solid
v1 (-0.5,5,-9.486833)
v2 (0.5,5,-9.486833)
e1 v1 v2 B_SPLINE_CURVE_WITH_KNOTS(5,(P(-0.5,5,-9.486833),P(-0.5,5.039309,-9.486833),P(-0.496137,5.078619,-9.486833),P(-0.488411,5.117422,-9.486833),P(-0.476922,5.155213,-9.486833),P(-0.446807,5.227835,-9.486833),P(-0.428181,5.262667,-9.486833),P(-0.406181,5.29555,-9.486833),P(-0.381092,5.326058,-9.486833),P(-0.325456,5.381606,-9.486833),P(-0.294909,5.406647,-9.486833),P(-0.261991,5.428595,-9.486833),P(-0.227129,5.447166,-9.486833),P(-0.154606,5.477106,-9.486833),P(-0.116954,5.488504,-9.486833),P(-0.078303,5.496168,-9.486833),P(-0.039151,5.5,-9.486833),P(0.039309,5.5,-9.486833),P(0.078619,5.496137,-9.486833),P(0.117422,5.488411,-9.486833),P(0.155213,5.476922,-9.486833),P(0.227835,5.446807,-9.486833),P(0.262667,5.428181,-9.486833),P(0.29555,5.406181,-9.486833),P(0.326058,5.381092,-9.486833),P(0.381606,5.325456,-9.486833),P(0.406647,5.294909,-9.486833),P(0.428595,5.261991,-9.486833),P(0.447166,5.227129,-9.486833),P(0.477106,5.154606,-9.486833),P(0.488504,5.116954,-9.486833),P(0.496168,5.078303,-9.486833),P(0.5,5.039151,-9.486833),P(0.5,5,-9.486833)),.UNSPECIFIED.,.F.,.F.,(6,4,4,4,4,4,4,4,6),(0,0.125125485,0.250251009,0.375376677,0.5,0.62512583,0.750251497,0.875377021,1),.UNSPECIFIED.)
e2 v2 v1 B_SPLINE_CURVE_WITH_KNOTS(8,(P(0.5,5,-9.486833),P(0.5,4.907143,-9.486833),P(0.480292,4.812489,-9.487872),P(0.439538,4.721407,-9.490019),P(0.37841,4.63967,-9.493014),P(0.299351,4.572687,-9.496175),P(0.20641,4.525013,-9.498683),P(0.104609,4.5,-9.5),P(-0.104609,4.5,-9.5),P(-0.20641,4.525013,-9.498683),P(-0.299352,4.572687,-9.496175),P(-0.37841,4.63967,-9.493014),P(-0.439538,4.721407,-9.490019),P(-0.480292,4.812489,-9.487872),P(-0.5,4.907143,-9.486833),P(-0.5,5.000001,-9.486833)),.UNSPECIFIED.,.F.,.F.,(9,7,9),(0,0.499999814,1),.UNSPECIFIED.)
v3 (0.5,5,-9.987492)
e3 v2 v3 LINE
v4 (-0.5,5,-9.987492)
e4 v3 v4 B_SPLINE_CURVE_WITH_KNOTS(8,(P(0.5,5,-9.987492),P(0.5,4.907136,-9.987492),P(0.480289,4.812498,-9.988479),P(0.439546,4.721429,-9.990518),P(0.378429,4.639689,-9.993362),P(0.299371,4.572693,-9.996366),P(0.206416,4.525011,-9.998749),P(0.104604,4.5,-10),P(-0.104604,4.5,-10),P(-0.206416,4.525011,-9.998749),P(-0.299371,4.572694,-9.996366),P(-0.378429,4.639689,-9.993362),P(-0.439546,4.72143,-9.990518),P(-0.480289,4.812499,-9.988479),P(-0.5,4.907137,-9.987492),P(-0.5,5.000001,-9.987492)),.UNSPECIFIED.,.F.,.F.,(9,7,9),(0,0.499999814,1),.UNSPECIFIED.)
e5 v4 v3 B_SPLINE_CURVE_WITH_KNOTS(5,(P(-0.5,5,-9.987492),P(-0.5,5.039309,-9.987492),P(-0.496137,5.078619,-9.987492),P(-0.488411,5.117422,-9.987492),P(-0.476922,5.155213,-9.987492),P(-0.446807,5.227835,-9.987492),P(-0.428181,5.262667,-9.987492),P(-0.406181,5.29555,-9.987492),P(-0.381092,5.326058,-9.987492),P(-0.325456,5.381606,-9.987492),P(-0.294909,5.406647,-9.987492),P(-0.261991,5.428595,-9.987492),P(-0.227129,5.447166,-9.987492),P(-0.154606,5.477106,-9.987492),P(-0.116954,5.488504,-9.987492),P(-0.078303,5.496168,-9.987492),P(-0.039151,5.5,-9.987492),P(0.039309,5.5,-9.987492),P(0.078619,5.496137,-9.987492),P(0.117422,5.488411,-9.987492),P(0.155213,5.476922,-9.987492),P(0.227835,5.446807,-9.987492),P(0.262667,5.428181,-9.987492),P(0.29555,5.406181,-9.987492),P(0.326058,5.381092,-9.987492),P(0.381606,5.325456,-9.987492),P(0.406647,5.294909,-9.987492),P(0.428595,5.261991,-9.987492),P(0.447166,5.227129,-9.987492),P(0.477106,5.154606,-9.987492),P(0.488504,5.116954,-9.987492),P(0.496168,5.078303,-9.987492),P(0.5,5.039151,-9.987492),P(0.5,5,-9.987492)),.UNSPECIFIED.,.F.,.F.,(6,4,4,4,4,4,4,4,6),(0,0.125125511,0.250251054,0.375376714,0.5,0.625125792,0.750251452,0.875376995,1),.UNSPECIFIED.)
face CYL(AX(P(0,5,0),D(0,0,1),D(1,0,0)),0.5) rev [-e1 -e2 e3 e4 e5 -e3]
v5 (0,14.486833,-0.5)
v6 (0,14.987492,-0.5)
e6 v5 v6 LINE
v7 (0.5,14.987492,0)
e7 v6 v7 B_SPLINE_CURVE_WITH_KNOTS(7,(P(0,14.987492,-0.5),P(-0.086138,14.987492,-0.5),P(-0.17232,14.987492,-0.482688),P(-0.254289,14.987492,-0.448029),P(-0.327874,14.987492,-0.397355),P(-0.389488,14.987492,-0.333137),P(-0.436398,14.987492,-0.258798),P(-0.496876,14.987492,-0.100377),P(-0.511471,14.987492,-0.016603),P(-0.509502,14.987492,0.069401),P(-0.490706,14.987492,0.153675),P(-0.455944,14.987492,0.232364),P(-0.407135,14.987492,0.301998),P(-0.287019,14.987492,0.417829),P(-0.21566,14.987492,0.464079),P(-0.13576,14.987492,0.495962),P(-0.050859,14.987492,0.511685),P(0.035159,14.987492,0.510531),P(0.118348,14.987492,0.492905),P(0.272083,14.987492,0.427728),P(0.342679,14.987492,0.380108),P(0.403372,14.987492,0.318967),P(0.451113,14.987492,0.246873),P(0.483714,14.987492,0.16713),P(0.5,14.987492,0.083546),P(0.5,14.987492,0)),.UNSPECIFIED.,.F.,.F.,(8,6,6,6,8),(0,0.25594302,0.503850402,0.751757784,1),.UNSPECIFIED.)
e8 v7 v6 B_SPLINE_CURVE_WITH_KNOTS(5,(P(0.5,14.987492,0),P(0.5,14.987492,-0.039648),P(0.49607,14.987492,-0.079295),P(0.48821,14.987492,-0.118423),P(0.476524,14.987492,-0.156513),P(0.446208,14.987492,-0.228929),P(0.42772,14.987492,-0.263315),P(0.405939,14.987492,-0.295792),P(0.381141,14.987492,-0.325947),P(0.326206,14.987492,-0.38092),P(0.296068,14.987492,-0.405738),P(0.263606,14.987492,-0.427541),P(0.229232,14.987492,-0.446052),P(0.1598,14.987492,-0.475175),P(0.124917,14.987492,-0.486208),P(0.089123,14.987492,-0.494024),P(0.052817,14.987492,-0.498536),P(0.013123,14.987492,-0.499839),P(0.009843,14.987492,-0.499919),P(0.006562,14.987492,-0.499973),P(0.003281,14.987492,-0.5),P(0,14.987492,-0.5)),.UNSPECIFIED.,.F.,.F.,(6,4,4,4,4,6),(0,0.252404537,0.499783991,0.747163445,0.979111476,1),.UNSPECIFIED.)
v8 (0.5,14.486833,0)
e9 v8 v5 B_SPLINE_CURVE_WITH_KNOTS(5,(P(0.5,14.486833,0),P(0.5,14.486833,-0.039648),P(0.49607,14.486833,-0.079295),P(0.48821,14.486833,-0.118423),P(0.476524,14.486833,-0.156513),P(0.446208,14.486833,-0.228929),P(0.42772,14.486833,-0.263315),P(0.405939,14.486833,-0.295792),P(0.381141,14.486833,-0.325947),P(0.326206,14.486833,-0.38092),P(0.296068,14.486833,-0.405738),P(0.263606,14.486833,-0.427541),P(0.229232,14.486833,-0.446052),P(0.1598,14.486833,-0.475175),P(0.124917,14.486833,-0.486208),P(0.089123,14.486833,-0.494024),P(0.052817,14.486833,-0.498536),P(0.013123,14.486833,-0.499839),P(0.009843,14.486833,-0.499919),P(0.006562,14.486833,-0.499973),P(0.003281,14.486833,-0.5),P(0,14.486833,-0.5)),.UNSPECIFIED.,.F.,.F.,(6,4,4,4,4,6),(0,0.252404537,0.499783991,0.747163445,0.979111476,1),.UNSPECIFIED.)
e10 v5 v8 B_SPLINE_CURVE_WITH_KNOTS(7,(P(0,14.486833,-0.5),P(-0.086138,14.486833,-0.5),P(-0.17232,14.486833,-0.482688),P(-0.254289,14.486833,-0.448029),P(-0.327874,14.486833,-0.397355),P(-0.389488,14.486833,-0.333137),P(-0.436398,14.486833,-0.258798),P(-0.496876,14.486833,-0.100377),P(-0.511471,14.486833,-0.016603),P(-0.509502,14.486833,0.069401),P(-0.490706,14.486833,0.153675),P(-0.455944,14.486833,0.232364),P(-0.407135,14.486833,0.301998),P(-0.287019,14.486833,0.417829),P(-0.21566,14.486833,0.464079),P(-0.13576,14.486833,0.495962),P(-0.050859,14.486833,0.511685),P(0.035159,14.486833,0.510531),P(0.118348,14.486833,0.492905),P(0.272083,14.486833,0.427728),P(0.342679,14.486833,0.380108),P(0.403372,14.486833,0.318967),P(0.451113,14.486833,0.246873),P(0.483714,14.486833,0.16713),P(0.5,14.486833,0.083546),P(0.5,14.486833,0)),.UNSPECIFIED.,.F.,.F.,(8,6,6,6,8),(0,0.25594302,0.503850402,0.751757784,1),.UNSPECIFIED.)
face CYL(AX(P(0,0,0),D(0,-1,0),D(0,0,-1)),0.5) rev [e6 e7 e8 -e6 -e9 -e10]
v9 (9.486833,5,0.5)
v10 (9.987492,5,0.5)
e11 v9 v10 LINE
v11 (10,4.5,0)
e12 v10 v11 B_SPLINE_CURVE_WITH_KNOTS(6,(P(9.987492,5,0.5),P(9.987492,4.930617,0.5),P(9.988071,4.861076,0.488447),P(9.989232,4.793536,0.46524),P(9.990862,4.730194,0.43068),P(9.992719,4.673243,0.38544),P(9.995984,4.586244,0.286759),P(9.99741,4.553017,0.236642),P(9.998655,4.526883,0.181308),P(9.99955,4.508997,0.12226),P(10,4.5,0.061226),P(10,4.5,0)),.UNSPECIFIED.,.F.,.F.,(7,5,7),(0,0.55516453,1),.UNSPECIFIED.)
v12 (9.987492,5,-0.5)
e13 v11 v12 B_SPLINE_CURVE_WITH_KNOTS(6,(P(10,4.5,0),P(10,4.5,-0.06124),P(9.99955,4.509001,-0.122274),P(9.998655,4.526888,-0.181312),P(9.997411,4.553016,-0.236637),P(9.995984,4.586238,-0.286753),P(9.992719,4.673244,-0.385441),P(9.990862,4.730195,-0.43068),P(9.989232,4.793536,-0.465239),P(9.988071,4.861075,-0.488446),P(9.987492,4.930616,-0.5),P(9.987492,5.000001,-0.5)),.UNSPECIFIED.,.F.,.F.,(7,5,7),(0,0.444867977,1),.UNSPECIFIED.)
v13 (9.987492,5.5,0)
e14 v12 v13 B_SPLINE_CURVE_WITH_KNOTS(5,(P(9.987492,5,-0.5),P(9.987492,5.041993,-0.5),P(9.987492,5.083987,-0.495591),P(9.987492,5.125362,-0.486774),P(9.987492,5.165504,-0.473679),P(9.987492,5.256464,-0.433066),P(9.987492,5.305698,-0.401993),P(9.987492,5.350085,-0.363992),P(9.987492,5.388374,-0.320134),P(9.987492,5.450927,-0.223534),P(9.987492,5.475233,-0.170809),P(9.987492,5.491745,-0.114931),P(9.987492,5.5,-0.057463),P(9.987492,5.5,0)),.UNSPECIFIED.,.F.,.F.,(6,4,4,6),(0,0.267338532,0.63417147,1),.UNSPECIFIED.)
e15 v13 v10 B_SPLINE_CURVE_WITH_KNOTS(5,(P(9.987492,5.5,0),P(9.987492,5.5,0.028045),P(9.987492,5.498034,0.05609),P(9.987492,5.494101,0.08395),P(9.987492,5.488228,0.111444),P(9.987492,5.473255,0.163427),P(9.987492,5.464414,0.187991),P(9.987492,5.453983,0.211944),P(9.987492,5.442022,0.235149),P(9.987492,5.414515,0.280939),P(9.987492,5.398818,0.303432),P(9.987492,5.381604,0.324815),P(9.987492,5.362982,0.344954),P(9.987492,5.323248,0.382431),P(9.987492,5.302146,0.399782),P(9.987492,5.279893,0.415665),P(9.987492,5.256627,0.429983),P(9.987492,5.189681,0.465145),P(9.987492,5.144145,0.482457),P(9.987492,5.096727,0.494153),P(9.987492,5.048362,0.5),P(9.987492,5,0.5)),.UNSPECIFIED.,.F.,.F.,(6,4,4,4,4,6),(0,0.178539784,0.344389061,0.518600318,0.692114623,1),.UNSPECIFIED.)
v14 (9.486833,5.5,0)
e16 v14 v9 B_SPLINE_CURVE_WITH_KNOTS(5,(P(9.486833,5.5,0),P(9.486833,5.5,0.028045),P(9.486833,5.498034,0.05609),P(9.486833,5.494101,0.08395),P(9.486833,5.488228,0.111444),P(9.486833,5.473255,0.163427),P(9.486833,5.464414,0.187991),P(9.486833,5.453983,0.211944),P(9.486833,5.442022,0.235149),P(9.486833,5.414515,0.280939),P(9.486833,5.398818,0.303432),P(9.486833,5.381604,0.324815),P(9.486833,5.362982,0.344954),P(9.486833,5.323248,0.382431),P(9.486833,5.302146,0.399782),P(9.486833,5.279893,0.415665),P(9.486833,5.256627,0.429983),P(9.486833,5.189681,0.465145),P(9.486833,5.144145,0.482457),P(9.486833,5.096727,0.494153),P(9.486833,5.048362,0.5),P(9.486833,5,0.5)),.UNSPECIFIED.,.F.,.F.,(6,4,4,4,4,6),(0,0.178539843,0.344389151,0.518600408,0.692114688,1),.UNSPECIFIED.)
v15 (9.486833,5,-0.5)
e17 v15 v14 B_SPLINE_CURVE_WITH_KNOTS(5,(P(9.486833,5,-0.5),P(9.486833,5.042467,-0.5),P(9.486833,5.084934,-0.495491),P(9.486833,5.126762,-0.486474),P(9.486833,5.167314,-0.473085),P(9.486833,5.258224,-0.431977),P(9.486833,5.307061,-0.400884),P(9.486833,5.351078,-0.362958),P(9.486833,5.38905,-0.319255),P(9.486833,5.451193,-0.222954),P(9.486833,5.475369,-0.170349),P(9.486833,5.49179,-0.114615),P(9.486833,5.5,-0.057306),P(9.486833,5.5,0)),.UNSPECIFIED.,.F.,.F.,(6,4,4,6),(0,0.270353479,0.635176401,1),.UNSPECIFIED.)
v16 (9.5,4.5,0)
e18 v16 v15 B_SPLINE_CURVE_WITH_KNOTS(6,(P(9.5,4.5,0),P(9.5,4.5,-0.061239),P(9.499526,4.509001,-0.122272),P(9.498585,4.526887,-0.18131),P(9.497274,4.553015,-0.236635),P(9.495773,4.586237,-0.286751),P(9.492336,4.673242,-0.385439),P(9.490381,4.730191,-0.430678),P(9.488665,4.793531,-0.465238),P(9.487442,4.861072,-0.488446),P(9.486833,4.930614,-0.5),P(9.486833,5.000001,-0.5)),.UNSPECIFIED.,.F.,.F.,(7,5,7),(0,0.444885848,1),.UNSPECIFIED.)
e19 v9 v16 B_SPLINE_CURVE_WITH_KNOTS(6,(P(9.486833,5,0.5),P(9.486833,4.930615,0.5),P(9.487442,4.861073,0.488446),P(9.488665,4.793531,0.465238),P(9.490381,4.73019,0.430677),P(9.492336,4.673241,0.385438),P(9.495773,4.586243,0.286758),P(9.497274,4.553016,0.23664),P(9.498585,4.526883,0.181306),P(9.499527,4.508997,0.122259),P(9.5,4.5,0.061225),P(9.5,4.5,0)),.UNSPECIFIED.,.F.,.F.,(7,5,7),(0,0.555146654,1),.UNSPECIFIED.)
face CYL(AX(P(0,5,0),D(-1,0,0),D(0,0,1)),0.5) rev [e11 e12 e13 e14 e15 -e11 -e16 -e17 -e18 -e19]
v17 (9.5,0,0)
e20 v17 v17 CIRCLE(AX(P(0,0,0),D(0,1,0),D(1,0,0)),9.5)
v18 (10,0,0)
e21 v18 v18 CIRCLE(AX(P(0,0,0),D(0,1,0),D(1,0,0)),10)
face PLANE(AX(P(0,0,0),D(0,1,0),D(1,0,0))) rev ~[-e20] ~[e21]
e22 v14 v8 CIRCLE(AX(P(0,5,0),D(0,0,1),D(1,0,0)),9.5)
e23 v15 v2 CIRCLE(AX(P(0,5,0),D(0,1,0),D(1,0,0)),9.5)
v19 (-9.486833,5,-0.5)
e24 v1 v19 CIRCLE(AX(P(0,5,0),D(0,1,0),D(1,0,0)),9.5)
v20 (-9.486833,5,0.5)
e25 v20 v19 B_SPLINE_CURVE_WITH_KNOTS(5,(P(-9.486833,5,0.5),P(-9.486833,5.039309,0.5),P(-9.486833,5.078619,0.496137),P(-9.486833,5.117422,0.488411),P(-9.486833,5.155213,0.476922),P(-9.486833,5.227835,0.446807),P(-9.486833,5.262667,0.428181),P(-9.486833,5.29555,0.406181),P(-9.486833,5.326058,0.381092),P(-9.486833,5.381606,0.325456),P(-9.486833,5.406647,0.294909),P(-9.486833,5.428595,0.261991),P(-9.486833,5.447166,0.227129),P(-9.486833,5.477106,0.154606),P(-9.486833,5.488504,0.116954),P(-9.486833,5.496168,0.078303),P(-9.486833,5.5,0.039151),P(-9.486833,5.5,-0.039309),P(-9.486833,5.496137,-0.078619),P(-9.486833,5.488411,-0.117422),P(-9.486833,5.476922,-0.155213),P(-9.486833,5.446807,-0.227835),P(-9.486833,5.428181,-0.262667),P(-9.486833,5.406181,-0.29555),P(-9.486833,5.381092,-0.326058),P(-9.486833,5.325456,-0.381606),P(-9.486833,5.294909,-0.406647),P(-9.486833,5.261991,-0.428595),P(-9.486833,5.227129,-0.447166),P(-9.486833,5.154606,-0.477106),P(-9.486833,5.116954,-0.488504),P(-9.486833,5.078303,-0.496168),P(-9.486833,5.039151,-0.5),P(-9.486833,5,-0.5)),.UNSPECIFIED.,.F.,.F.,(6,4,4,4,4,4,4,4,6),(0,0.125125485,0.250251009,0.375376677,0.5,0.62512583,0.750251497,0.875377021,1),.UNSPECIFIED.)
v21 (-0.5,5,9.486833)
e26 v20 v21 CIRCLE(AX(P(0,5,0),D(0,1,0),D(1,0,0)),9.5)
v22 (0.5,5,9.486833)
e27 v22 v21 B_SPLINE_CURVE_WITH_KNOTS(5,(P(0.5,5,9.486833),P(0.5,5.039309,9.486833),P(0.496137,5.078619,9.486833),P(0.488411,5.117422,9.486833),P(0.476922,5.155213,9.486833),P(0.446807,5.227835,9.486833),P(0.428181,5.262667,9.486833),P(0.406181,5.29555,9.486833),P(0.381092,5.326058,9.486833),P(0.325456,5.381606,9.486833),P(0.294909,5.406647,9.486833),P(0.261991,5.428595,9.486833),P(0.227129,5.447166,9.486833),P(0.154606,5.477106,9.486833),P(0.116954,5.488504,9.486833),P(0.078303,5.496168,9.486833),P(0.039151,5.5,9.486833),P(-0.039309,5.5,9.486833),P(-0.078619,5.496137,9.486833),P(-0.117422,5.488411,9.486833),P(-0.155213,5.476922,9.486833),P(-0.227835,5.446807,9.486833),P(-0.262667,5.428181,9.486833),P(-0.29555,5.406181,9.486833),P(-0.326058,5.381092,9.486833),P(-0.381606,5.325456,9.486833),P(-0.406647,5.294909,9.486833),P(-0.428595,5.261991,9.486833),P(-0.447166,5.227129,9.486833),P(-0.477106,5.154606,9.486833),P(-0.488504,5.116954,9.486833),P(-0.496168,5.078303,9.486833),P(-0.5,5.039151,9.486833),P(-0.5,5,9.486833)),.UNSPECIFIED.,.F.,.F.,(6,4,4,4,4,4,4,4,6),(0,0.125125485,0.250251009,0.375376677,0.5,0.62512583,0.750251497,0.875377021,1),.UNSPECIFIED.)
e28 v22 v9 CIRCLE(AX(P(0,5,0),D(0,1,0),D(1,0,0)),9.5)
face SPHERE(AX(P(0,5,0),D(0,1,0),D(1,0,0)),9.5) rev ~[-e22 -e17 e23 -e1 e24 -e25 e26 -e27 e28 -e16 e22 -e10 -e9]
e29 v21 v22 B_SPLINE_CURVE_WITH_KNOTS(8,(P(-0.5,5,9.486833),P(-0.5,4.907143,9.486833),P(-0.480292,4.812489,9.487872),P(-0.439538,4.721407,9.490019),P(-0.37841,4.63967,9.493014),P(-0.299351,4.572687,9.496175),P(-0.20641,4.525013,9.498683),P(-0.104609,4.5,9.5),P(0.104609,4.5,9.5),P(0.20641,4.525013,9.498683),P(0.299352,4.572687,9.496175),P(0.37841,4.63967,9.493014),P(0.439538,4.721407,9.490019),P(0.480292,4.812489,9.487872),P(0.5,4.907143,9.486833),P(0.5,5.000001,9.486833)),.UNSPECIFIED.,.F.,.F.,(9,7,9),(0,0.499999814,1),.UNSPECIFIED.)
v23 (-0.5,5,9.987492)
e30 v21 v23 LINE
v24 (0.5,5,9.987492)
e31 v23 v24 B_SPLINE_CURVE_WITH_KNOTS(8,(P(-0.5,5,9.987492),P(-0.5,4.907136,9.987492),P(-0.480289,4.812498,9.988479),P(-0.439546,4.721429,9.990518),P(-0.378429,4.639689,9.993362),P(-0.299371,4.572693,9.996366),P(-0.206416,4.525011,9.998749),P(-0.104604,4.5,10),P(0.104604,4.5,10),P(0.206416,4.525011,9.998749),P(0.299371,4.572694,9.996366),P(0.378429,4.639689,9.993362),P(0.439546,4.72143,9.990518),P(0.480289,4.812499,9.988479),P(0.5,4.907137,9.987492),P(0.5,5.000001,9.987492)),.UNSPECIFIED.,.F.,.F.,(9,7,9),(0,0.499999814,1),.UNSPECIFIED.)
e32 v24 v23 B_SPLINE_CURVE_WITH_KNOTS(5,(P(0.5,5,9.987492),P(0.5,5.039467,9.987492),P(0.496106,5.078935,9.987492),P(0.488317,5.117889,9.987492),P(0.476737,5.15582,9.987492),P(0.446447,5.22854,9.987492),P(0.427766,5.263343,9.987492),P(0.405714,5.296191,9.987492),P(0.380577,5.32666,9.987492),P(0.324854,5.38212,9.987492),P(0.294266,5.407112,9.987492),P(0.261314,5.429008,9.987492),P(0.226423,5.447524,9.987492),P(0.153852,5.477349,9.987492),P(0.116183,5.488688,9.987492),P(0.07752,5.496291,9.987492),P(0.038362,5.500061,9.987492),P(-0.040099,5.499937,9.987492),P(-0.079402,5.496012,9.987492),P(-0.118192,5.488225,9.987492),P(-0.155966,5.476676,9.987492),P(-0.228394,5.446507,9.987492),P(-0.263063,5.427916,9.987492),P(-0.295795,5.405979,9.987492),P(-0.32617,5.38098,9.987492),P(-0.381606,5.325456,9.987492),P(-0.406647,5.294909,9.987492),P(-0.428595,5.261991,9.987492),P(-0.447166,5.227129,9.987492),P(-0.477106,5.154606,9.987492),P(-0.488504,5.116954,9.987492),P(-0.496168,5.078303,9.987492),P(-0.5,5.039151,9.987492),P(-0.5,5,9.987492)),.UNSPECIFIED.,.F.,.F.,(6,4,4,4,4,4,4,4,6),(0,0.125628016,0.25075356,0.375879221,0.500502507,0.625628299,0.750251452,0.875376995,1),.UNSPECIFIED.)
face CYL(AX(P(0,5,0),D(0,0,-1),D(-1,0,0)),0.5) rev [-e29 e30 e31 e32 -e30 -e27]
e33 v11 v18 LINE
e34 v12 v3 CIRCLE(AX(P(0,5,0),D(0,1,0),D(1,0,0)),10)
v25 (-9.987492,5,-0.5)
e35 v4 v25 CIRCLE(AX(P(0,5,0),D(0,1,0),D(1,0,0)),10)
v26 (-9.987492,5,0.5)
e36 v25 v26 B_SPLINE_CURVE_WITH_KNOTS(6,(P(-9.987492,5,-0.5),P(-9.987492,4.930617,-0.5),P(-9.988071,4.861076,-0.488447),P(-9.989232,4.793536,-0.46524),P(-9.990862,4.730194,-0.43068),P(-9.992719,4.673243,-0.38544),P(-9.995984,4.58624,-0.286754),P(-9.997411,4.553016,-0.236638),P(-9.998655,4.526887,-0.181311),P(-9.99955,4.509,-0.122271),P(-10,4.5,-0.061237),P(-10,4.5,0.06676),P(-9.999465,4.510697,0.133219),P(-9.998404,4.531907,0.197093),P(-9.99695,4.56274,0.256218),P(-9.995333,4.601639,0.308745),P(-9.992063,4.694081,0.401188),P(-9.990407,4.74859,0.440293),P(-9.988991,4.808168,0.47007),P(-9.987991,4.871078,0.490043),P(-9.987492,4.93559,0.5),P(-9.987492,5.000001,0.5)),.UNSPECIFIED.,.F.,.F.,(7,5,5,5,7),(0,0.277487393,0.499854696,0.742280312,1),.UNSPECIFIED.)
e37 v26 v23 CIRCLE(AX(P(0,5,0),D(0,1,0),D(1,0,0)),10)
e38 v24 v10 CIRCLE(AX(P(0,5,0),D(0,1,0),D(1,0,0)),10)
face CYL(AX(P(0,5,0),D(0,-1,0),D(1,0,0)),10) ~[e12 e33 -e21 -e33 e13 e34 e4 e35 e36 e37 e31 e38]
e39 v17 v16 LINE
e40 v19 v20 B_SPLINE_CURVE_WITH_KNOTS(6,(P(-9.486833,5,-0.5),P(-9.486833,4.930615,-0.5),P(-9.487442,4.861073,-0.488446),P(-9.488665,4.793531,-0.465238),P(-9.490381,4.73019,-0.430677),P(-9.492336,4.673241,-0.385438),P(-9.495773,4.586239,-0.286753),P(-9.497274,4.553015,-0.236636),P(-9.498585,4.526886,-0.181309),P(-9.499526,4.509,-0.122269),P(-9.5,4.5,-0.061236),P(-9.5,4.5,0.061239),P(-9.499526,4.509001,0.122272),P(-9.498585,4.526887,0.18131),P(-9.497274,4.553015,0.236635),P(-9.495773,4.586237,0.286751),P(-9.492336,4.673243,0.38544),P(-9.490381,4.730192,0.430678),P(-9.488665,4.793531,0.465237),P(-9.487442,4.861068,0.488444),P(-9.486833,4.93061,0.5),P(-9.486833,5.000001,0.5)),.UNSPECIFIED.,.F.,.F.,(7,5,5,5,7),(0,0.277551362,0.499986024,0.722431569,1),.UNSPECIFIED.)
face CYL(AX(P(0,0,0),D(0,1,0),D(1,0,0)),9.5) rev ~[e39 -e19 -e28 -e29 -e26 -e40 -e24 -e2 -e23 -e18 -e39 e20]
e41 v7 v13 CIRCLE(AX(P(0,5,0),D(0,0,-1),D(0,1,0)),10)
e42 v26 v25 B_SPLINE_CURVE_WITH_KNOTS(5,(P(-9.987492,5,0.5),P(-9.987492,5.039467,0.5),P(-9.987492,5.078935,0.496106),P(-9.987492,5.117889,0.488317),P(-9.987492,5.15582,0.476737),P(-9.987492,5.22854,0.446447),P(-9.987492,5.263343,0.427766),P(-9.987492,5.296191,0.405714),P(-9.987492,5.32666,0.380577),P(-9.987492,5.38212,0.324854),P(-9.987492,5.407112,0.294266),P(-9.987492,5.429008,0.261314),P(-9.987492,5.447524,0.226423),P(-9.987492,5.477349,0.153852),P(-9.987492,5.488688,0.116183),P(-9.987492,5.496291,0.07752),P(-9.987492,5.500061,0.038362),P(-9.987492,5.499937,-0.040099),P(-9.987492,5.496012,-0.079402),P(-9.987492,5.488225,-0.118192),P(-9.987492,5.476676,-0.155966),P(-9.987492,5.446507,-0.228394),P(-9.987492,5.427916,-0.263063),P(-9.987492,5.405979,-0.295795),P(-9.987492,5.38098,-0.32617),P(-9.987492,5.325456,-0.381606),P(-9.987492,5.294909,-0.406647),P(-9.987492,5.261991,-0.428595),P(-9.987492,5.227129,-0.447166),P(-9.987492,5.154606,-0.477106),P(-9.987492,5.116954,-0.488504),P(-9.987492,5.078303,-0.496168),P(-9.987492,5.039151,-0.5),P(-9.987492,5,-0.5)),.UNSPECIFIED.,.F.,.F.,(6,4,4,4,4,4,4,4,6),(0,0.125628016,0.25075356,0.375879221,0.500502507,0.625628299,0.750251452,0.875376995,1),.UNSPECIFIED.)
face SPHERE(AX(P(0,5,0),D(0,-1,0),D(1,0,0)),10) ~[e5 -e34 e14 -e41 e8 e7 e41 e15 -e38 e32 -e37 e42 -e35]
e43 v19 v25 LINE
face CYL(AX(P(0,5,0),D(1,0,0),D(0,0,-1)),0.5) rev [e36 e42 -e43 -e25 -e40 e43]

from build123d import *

# Parameters (mm, degrees)
SKETCH5_R          = 0.5
CUT_EXTRUDE1_DEPTH = 21.615528128
CIRPATTERN1_COUNT  = 4
SKETCH6_R          = 0.5
CUT_EXTRUDE2_DEPTH = 21.615528225


with BuildPart() as part:
    # Sketch1 → Revolve2 (revolve)
    with BuildSketch(Plane.XY):
        with BuildLine():
            Line((10, 5), (10, 0))
            Line((10, 0), (9.5, 0))
            Line((9.5, 0), (9.5, 5))
            ThreePointArc((9.5, 5), (6.717514421, 11.717514421), (0, 14.5))
            Line((0, 14.5), (0, 15))
            ThreePointArc((0, 15), (7.071067812, 12.071067812), (10, 5))
        make_face()
    revolve(axis=Axis((0, 0, 0), (0, 1, 0)))

    # Sketch5 → Cut-Extrude1 (cut, through all)
    with BuildSketch(Plane.XY):
        with Locations(Location((0, 5, 0), (0, 0, 180))):
            Circle(SKETCH5_R)
    cut_extrude1 = extrude(amount=CUT_EXTRUDE1_DEPTH, mode=Mode.SUBTRACT)

    # CirPattern1: Cut-Extrude1 ×4 about axis
    cirpattern1_axis = Axis((0, 0, 0), (0, -1, 0))
    for i in range(1, CIRPATTERN1_COUNT):
        add(cut_extrude1.rotate(cirpattern1_axis, i * 360 / CIRPATTERN1_COUNT), mode=Mode.SUBTRACT)

    # Sketch6 → Cut-Extrude2 (cut, through all)
    with BuildSketch(Plane(origin=(0, 0, 0), x_dir=(1, 0, 0), z_dir=(0, 1, 0))):
        with Locations(Location((0, 0, 0), (0, 0, 90))):
            Circle(SKETCH6_R)
    extrude(amount=CUT_EXTRUDE2_DEPTH, mode=Mode.SUBTRACT)


solid = part.part
